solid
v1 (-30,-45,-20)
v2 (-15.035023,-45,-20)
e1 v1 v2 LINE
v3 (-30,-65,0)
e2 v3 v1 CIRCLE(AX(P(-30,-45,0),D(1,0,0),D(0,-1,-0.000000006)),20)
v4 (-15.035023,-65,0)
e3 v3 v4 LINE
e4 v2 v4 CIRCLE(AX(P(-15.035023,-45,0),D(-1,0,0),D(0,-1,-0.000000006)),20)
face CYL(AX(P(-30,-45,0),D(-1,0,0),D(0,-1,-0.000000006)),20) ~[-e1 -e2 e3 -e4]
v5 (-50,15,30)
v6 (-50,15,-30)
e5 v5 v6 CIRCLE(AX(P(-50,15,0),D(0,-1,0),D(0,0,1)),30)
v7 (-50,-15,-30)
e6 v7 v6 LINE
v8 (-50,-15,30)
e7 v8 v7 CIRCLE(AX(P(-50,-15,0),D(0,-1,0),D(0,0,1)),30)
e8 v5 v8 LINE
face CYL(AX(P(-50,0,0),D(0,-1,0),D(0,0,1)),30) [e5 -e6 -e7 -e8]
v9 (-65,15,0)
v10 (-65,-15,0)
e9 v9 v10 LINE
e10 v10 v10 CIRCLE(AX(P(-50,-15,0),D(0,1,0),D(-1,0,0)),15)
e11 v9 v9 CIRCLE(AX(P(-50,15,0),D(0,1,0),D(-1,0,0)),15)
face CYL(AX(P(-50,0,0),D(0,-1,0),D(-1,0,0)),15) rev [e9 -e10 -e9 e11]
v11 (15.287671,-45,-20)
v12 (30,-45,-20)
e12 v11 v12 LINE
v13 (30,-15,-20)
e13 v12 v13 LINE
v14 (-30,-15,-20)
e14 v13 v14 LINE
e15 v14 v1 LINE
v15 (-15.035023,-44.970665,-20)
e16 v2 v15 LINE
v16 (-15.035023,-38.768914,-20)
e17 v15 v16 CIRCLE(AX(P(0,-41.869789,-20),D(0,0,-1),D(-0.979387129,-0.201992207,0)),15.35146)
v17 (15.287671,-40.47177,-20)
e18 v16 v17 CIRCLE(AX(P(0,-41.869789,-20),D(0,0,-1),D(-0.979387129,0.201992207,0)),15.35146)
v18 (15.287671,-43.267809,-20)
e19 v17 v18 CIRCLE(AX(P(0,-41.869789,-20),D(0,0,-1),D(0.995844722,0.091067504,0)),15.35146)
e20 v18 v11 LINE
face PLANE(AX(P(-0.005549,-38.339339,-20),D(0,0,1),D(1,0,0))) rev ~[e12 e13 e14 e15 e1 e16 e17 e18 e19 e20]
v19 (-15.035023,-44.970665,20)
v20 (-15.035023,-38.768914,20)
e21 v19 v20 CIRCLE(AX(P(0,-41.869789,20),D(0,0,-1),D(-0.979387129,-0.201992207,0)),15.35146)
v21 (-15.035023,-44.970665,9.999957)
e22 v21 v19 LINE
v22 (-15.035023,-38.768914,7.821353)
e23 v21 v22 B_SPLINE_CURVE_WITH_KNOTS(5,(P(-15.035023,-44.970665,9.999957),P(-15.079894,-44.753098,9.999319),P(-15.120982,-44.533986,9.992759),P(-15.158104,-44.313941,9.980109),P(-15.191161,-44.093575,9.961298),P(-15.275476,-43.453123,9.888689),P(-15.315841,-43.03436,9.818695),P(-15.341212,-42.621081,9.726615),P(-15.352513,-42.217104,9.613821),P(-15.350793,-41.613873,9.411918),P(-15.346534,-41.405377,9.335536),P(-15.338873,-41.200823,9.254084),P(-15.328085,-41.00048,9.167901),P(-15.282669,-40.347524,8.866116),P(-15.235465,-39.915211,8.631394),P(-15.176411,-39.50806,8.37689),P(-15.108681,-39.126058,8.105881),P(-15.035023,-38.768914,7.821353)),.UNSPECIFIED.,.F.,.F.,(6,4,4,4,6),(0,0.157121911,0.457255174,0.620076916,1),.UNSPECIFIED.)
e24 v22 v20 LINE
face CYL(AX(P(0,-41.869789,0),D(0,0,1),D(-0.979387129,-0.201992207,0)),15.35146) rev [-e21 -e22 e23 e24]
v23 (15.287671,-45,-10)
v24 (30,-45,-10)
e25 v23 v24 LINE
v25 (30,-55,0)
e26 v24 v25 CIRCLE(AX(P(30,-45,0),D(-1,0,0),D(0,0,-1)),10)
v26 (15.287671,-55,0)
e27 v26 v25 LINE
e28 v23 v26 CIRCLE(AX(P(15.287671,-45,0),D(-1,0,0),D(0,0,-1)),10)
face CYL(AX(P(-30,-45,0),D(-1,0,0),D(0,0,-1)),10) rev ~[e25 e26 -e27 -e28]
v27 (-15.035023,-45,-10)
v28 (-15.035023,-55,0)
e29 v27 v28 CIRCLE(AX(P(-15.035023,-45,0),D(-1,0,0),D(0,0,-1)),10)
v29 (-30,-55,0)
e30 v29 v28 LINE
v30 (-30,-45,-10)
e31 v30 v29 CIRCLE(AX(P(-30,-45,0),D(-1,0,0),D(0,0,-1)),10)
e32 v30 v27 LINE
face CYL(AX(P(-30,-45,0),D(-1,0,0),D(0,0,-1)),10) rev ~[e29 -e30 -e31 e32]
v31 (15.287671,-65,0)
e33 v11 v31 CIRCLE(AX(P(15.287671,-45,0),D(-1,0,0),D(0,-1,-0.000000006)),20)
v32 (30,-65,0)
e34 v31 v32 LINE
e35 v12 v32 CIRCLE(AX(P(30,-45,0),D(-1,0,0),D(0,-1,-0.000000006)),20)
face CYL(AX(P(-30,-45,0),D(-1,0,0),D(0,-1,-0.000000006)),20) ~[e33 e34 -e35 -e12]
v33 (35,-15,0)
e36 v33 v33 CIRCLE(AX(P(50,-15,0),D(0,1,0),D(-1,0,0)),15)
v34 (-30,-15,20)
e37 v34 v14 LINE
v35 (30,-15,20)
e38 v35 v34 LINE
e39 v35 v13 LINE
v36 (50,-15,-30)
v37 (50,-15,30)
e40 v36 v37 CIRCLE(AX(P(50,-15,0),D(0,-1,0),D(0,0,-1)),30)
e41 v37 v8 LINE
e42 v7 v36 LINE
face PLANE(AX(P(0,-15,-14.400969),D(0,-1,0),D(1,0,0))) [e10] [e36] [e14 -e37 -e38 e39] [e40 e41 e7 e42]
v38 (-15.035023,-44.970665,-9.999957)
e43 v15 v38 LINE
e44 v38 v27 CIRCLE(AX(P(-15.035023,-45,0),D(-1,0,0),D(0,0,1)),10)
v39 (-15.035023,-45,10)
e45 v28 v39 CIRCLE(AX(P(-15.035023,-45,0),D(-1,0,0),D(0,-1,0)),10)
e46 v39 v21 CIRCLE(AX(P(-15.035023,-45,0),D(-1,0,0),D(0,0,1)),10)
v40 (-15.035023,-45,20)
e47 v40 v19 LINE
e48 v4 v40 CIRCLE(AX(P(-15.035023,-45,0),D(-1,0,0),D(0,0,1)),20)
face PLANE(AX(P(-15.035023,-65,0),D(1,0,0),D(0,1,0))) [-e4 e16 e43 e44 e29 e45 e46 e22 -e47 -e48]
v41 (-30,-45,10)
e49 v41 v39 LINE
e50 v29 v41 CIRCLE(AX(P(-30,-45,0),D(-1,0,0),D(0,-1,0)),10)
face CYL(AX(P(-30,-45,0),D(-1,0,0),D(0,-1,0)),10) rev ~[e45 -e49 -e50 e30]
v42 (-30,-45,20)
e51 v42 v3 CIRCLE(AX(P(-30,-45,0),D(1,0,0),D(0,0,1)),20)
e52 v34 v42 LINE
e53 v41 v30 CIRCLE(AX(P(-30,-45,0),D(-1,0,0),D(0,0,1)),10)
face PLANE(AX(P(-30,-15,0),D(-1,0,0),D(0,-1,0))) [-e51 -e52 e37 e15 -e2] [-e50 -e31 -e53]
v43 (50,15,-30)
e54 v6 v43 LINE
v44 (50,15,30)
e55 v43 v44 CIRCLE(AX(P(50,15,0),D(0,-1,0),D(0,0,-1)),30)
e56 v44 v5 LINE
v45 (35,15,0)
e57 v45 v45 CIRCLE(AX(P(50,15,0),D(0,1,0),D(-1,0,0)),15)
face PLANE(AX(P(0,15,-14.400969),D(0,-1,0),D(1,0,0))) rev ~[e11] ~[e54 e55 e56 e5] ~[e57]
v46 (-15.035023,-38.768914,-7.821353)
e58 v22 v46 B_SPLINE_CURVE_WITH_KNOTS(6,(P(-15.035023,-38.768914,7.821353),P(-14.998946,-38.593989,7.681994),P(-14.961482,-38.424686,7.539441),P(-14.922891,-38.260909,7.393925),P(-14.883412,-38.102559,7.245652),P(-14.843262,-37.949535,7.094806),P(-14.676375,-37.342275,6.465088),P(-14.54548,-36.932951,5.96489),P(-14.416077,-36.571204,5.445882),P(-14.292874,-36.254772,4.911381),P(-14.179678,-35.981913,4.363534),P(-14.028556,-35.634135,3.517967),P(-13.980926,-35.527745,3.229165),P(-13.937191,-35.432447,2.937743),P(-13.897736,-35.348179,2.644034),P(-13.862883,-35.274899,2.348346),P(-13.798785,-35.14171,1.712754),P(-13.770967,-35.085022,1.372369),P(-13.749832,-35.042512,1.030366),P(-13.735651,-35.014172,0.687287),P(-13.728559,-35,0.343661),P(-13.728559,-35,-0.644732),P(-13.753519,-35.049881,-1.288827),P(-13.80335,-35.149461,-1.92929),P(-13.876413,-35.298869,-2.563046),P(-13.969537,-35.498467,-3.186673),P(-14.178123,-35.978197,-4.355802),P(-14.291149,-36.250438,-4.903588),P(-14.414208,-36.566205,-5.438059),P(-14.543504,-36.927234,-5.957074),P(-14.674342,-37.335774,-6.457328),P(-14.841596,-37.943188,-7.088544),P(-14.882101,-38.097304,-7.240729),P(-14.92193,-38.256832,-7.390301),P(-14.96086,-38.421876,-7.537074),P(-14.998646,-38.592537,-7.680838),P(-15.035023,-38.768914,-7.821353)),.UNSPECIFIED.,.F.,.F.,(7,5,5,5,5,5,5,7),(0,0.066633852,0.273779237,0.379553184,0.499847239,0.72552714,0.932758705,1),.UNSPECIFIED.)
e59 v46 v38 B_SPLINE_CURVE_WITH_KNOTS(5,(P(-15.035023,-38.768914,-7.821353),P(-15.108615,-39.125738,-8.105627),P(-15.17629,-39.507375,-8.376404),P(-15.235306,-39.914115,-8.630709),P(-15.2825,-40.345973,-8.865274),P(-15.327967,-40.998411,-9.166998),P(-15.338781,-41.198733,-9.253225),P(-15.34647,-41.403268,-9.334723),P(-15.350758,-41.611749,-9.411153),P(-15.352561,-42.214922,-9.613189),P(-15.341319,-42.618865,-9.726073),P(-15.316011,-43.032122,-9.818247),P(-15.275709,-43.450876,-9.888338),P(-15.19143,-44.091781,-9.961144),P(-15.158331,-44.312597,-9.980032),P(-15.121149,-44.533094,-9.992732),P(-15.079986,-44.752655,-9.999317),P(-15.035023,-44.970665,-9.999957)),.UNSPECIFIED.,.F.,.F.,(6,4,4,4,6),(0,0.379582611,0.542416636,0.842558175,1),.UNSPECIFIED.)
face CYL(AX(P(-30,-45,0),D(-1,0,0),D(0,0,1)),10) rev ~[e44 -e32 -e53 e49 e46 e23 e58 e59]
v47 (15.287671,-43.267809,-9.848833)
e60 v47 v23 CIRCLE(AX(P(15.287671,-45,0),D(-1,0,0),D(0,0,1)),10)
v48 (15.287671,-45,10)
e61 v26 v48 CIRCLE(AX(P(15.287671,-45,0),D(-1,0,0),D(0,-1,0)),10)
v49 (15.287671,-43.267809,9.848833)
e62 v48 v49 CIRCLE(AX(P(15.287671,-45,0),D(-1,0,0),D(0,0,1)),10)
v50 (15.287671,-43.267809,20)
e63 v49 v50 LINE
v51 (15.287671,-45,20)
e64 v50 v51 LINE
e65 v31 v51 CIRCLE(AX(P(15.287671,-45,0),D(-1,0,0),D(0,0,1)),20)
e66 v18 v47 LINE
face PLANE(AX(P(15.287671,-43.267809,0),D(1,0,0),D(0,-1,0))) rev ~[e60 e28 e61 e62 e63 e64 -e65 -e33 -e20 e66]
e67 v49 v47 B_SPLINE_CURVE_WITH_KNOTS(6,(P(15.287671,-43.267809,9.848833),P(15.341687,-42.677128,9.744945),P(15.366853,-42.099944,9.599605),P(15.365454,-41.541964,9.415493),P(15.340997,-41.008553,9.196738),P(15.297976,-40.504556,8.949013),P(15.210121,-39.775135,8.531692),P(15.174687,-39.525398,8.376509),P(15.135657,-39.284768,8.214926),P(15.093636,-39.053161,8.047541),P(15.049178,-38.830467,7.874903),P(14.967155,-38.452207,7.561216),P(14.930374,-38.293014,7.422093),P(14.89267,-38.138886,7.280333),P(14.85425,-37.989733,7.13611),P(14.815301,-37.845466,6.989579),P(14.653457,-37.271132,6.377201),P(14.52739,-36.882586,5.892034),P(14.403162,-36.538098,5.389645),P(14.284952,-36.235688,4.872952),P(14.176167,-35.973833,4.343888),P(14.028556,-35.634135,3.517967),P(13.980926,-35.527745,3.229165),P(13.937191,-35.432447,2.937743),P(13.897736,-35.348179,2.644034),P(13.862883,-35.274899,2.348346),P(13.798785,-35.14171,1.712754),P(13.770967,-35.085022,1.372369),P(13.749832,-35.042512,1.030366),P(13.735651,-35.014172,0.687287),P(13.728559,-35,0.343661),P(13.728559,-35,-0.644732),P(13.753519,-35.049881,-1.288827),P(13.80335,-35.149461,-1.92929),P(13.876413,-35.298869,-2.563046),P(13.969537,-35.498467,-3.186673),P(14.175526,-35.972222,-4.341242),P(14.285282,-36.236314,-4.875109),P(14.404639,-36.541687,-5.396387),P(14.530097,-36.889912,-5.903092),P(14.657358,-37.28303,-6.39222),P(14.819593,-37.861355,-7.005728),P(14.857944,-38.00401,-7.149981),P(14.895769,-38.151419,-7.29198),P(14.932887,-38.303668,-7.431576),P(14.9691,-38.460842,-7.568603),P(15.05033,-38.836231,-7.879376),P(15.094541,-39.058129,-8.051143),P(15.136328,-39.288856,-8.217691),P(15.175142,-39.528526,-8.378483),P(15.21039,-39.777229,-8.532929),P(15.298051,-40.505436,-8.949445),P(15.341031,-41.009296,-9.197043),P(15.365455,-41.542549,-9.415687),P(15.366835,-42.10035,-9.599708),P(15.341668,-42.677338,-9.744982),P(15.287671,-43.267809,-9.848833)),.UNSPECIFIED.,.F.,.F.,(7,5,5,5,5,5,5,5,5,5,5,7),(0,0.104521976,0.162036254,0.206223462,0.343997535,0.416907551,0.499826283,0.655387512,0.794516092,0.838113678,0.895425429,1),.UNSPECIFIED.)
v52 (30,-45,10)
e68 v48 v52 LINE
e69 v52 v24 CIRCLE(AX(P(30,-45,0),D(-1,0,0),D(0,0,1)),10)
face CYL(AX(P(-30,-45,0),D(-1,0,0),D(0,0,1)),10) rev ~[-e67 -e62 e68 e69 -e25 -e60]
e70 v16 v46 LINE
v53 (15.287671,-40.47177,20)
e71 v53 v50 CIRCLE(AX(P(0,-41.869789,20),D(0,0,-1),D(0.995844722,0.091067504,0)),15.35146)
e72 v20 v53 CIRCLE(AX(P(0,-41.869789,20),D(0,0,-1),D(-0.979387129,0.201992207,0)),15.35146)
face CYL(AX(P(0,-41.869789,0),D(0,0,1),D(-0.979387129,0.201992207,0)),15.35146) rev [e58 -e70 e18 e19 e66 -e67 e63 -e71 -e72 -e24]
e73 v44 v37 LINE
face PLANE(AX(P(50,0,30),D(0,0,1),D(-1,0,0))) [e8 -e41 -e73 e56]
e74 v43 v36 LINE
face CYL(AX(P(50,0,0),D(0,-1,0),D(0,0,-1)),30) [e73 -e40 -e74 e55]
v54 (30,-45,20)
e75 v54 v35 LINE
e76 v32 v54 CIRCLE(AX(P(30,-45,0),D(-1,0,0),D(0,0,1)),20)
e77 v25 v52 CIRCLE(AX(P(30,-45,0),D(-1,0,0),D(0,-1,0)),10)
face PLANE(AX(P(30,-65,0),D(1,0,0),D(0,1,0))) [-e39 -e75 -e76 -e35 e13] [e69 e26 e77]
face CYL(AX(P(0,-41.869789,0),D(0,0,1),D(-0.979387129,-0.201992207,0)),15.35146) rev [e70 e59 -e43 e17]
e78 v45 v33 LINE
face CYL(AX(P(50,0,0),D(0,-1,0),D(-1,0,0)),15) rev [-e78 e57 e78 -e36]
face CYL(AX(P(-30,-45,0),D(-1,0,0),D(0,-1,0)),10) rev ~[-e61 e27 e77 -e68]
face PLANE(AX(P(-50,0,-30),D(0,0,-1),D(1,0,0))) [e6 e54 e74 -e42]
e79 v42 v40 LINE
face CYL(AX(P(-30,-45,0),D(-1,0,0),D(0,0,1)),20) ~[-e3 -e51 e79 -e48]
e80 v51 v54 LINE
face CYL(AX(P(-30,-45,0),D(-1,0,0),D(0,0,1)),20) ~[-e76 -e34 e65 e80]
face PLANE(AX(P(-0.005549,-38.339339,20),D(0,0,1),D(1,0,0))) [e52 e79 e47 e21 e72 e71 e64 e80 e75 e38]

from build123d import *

# Parameters (mm, degrees)
F1_DEPTH = 15
F3_DEPTH = 20
F5_DEPTH = 110.001
F7_DEPTH = 110.001


with BuildPart() as f1:
    # F0 (on Front) → F1 (new body, symmetric)
    with BuildSketch(Plane.XZ):
        with BuildLine():
            Line((35, 0), (-35, 0))
            ThreePointArc((-35, 0), (-50, -15), (-65, 0))
            Line((-65, 0), (-80, 0))
            ThreePointArc((-80, 0), (-71.2132034356, -21.2132034356), (-50, -30))
            Line((-50, -30), (50, -30))
            ThreePointArc((50, -30), (71.2132034356, -21.2132034356), (80, 0))
            Line((80, 0), (65, 0))
            ThreePointArc((65, 0), (50, -15), (35, 0))
        make_face()
        with BuildLine():
            ThreePointArc((-65, 0), (-50, 15), (-35, 0))
            Line((-35, 0), (35, 0))
            ThreePointArc((35, 0), (50, 15), (65, 0))
            Line((65, 0), (80, 0))
            ThreePointArc((80, 0), (71.2132034356, 21.2132034356), (50, 30))
            Line((50, 30), (-50, 30))
            ThreePointArc((-50, 30), (-71.2132034356, 21.2132034356), (-80, 0))
            Line((-80, 0), (-65, 0))
        make_face()
    extrude(amount=F1_DEPTH, both=True)

    # F2 (on Top) → F3 (join, symmetric)
    with BuildSketch(Plane.XY):
        with BuildLine():
            Line((-30, -15), (-30, -65))
            Line((-30, -65), (-15.0350227241, -65))
            Line((-15.0350227241, -65), (-15.0350227241, -44.9706647246))
            ThreePointArc((-15.0350227241, -44.9706647246), (-15.3514603972, -41.869789362), (-15.0350227241, -38.7689139994))
            ThreePointArc((-15.0350227241, -38.7689139994), (0.8607482539, -26.5424788095), (15.2876708067, -40.4717701802))
            ThreePointArc((15.2876708067, -40.4717701802), (15.3514603972, -41.869789362), (15.2876708067, -43.2678085437))
            Line((15.2876708067, -43.2678085437), (15.2876708067, -65))
            Line((15.2876708067, -65), (30, -65))
            Line((30, -65), (30, -15))
            Line((30, -15), (-30, -15))
        make_face()
    extrude(amount=F3_DEPTH, both=True)

    # F4 (on face) → F5 (cut, through all)
    with BuildSketch(Plane(origin=(-30, 0, 0), x_dir=(0, -1, 0), z_dir=(-1, 0, 0))):
        with BuildLine():
            Line((65, 20), (45, 20))
            ThreePointArc((45, 20), (59.1421356638, 14.1421355837), (65, -1.132e-07))
            Line((65, -1.132e-07), (65, 20))
        make_face()
        with BuildLine():
            ThreePointArc((65, -1.132e-07), (59.1421355837, -14.1421356638), (45, -20))
            Line((45, -20), (65, -20))
            Line((65, -20), (65, -1.132e-07))
        make_face()
    extrude(amount=-F5_DEPTH, mode=Mode.SUBTRACT)

    # F6 (on face) → F7 (cut, through all)
    with BuildSketch(Plane(origin=(-30, 0, 0), x_dir=(0, -1, 0), z_dir=(-1, 0, 0))):
        with BuildLine():
            ThreePointArc((55, 0), (52.0710678119, 7.0710678119), (45, 10))
            Line((45, 10), (45, -10))
            ThreePointArc((45, -10), (52.0710678119, -7.0710678119), (55, 0))
        make_face()
        with BuildLine():
            Line((45, -10), (45, 10))
            ThreePointArc((45, 10), (35, 0), (45, -10))
        make_face()
    extrude(amount=-F7_DEPTH, mode=Mode.SUBTRACT)


solid = f1.part
